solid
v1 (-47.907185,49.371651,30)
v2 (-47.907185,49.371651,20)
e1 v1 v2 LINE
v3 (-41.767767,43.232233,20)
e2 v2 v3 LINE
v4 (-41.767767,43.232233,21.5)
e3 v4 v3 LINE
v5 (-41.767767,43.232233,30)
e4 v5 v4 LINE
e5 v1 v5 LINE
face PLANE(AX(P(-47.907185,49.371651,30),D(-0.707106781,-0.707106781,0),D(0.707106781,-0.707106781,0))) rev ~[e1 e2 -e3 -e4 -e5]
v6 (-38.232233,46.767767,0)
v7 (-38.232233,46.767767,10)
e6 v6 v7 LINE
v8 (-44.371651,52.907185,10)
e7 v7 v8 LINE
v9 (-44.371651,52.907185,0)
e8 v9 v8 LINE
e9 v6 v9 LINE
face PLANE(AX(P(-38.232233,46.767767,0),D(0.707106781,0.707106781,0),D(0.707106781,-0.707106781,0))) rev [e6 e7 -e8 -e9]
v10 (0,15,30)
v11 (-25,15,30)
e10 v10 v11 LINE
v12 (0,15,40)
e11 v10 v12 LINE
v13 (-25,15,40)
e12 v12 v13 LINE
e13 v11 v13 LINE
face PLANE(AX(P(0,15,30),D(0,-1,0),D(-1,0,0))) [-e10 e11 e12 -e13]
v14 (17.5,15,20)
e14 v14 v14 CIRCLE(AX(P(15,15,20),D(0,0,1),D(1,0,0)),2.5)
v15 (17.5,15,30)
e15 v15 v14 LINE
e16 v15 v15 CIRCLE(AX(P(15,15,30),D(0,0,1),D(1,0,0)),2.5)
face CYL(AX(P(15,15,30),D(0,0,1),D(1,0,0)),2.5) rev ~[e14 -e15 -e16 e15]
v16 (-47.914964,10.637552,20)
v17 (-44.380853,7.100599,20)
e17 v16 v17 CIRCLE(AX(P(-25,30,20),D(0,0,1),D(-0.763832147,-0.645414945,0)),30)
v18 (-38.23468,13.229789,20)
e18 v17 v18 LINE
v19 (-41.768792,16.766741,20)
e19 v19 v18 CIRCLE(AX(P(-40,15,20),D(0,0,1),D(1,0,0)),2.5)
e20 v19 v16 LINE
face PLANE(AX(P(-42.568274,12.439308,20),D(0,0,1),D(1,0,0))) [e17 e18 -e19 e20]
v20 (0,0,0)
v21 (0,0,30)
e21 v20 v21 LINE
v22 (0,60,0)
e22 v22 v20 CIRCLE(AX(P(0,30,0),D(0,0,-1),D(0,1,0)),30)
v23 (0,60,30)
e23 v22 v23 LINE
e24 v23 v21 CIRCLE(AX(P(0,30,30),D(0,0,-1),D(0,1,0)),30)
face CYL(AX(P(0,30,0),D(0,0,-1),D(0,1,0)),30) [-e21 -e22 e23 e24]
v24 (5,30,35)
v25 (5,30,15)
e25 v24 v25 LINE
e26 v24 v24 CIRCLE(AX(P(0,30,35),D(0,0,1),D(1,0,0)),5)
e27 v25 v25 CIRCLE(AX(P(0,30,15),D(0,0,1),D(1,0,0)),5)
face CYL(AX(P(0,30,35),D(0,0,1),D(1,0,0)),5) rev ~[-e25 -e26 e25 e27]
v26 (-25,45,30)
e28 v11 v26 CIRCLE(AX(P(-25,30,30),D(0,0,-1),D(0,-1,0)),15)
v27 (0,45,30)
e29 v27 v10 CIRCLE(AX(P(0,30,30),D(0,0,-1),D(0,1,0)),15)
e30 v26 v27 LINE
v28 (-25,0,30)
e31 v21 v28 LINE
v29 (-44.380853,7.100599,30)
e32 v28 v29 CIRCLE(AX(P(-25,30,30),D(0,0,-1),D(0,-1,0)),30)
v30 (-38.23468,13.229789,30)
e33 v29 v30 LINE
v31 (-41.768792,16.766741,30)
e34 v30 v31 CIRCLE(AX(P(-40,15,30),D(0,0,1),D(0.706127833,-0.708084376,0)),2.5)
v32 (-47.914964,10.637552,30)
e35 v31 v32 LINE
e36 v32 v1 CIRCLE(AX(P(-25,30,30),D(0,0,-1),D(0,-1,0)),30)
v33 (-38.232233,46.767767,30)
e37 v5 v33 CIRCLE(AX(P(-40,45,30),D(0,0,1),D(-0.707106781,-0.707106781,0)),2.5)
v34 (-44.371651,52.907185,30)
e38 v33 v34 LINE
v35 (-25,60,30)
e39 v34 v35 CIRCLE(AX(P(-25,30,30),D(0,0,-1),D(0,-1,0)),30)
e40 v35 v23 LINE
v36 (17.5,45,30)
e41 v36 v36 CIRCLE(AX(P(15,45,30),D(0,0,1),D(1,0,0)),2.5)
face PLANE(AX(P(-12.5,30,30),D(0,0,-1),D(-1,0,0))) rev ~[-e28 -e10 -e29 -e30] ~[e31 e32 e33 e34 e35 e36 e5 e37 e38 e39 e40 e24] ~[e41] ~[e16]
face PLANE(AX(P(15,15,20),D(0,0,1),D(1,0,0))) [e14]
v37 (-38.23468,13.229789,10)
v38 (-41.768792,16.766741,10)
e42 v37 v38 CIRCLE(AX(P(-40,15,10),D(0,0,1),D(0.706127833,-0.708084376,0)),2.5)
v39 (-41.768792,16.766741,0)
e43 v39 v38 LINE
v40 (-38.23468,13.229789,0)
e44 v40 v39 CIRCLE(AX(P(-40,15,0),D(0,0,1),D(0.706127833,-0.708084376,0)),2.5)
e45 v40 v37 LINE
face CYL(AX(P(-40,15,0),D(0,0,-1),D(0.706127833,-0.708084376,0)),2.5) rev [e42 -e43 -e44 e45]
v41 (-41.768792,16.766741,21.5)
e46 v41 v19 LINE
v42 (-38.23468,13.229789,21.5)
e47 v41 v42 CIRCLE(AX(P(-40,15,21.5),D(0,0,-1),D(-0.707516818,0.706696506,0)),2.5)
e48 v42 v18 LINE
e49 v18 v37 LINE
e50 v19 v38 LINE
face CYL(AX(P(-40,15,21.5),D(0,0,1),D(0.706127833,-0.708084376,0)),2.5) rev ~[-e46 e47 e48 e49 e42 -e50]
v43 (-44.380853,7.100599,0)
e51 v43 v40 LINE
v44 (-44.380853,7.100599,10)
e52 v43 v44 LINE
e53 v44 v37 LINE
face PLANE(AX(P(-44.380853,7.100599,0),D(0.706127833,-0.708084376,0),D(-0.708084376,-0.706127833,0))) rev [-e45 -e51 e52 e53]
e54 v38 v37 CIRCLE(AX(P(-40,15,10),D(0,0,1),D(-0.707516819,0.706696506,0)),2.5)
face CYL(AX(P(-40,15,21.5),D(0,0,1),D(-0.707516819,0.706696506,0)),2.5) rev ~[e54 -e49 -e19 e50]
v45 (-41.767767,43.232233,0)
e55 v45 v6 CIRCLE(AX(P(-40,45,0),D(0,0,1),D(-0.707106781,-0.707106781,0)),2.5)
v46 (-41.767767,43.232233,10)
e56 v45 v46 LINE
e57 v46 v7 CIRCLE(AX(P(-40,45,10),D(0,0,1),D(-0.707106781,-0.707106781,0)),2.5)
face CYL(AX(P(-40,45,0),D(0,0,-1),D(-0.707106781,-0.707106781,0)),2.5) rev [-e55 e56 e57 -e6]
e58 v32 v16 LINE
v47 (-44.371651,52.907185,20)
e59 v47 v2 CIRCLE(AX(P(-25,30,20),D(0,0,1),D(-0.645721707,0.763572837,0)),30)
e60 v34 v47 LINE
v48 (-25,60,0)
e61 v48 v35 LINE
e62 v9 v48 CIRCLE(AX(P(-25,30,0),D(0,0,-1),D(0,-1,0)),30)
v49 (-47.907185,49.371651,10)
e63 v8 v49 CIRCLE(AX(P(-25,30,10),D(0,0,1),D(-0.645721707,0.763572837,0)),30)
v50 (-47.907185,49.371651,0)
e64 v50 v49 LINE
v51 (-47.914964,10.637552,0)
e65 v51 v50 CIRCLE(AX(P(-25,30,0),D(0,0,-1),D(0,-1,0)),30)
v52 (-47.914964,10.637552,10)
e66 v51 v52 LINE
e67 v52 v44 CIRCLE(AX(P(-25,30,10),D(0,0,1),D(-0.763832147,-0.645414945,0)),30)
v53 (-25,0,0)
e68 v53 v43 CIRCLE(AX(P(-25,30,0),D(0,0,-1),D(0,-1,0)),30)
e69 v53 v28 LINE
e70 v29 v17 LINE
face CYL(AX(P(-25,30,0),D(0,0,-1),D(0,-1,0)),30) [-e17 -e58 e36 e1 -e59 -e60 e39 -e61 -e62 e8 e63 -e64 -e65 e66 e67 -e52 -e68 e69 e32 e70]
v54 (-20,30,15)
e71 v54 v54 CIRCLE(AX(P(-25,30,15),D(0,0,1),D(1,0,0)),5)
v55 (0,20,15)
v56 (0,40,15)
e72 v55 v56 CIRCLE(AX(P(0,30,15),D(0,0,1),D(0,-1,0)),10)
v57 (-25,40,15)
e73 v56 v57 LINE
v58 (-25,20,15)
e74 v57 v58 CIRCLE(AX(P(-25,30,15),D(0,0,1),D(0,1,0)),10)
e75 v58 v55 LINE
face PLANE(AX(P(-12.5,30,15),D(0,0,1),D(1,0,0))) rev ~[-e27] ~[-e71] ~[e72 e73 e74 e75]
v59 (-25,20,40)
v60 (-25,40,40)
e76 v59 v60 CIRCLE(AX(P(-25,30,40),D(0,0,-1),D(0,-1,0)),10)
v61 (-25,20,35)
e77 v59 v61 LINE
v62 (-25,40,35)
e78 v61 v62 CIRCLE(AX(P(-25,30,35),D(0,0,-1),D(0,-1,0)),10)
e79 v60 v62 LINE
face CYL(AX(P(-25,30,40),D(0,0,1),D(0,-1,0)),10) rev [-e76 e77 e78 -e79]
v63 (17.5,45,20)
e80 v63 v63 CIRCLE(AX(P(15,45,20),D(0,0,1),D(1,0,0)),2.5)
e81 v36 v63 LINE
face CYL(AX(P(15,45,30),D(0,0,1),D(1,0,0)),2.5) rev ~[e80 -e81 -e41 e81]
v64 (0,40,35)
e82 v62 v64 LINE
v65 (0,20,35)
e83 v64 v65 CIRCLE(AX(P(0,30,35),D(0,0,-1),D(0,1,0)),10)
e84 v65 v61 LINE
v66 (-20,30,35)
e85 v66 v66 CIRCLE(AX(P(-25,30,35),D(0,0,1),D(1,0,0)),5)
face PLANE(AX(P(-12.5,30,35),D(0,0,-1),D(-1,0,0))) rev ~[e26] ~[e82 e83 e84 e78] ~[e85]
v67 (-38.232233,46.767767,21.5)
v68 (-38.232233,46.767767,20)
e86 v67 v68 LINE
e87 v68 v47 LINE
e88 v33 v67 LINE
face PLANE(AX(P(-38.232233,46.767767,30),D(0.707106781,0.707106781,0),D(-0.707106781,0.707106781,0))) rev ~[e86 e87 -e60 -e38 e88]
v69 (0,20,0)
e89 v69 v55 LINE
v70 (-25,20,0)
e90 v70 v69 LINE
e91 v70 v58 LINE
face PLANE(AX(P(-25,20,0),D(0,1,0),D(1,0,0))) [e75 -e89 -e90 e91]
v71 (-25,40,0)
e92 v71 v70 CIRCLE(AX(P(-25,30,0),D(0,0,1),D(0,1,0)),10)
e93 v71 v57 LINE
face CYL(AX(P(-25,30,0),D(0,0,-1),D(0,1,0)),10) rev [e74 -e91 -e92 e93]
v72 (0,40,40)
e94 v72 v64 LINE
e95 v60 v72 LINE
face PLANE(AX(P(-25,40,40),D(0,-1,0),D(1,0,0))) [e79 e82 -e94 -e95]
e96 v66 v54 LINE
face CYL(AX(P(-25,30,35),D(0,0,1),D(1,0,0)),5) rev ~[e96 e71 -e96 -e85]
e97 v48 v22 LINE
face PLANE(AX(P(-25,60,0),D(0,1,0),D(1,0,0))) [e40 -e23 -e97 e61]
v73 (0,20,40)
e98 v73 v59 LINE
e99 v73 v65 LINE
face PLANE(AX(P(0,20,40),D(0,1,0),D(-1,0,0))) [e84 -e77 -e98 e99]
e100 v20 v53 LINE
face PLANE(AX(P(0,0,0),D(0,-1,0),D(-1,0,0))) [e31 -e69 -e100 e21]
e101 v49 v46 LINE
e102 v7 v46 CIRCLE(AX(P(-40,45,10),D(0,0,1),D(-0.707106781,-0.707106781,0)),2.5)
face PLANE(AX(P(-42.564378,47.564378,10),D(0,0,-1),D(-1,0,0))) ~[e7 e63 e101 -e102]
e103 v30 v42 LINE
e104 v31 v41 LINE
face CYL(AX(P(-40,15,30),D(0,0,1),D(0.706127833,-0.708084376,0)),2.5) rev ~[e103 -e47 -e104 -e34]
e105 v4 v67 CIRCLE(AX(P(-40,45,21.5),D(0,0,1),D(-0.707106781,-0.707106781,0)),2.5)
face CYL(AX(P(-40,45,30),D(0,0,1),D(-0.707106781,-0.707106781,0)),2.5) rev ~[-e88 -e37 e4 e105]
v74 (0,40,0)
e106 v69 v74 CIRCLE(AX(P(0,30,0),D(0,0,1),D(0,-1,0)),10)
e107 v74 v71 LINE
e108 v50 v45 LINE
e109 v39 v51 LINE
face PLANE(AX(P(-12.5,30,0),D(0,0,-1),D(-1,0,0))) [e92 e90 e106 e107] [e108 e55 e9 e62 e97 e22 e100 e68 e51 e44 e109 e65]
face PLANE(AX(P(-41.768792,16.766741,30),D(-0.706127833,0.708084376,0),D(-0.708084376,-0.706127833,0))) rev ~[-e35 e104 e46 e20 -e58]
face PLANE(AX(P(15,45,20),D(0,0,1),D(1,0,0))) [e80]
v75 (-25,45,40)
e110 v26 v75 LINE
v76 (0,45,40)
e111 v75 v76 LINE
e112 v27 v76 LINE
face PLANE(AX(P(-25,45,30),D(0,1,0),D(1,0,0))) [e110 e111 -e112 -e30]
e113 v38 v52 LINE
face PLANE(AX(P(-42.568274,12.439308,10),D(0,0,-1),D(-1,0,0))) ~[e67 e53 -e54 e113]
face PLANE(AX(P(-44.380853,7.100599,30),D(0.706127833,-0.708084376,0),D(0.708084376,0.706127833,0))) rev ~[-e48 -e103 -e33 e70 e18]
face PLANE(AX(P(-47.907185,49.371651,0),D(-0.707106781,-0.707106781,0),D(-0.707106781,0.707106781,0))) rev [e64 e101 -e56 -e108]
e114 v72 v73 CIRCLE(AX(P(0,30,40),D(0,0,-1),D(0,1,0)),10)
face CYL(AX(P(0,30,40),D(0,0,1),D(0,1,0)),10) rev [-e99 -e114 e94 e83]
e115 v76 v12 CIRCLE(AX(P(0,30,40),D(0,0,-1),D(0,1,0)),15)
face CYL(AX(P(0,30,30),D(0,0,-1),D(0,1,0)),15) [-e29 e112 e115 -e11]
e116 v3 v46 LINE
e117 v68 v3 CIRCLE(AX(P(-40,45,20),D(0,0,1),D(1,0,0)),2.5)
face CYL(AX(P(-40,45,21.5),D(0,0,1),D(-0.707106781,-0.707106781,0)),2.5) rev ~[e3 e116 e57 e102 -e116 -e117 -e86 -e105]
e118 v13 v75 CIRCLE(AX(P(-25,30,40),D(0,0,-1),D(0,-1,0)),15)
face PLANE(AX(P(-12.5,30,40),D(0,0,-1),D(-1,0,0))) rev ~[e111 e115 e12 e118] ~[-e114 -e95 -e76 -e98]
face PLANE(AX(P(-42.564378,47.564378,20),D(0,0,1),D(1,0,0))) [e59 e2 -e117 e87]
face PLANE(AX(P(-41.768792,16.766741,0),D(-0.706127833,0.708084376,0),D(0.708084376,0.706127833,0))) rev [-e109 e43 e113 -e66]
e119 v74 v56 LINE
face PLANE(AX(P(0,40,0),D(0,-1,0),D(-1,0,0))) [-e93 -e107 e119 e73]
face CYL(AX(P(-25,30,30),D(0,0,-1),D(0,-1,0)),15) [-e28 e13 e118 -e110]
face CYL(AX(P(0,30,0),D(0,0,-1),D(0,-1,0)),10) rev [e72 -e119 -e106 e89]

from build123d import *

# Parameters (mm, degrees)
BOSS_EXTRUDE3_DEPTH = 30
BOSS_EXTRUDE4_DEPTH = 10
CUT_EXTRUDE1_DEPTH  = 5
SKETCH5_R           = 5
CUT_EXTRUDE2_DEPTH  = 122
SKETCH6_R           = 2.5
CUT_EXTRUDE4_DEPTH  = 10
CUT_EXTRUDE9_DEPTH  = 10
SKETCH9_R           = 2.5
BOSS_EXTRUDE5_DEPTH = 1.5
CUT_EXTRUDE10_DEPTH = 30
CUT_EXTRUDE11_DEPTH = 15


with BuildPart() as part:
    # Sketch1 → Boss-Extrude3 (new body)
    with BuildSketch(Plane.XY):
        with BuildLine():
            Line((0, 0), (-25, 0))
            ThreePointArc((-25, 0), (-55, 30), (-25, 60))
            Line((-25, 60), (0, 60))
            ThreePointArc((0, 60), (30, 30), (0, 0))
        make_face()
    extrude(amount=BOSS_EXTRUDE3_DEPTH)

    # Sketch3 → Boss-Extrude4 (add)
    with BuildSketch(Plane.XY.offset(30)):
        with BuildLine():
            Line((-25, 45), (0, 45))
            ThreePointArc((0, 45), (15, 30), (0, 15))
            Line((0, 15), (-25, 15))
            ThreePointArc((-25, 15), (-40, 30), (-25, 45))
        make_face()
    extrude(amount=BOSS_EXTRUDE4_DEPTH)

    # Sketch4 → Cut-Extrude1 (cut)
    with BuildSketch(Plane.XY.offset(40)):
        with BuildLine():
            Line((-25, 40), (0, 40))
            ThreePointArc((0, 40), (10, 30), (0, 20))
            Line((0, 20), (-25, 20))
            ThreePointArc((-25, 20), (-35, 30), (-25, 40))
        make_face()
    extrude(amount=-CUT_EXTRUDE1_DEPTH, mode=Mode.SUBTRACT)

    # Sketch5 → Cut-Extrude2 (cut)
    with BuildSketch(Plane.XY.offset(35)):
        with Locations((-25, 30)):
            Circle(SKETCH5_R)
        with Locations((0, 30)):
            Circle(SKETCH5_R)
    extrude(amount=-CUT_EXTRUDE2_DEPTH, mode=Mode.SUBTRACT)

    # Sketch6 → Cut-Extrude4 (cut)
    with BuildSketch(Plane.XY.offset(30)):
        with Locations((15, 45)):
            Circle(SKETCH6_R)
        with Locations((15, 15)):
            Circle(SKETCH6_R)
    extrude(amount=-CUT_EXTRUDE4_DEPTH, mode=Mode.SUBTRACT)

    # Sketch7 → Cut-Extrude9 (cut)
    with BuildSketch(Plane.XY.offset(30)):
        with BuildLine():
            Line((-47.90718511, 49.371651204), (-41.767766953, 43.232233047))
            ThreePointArc((-41.767766953, 43.232233047), (-38.232233047, 43.232233047), (-38.232233047, 46.767766953))
            Line((-38.232233047, 46.767766953), (-44.371651204, 52.90718511))
            ThreePointArc((-44.371651204, 52.90718511), (-46.213203436, 51.213203436), (-47.90718511, 49.371651204))
        make_face()
        with BuildLine():
            Line((-41.768792046, 16.766741265), (-47.914964434, 10.637551678))
            ThreePointArc((-47.914964434, 10.637551678), (-46.221723462, 8.795320015), (-44.380852806, 7.100599473))
            Line((-44.380852806, 7.100599473), (-38.234680419, 13.229789059))
            ThreePointArc((-38.234680419, 13.229789059), (-38.231523045, 16.767056665), (-41.768792046, 16.766741265))
        make_face()
    cut_extrude9 = extrude(amount=-CUT_EXTRUDE9_DEPTH, mode=Mode.SUBTRACT)

    # Sketch9 → Boss-Extrude5 (add)
    with BuildSketch(Plane.XY.offset(20)):
        with Locations((-40, 45)):
            Circle(SKETCH9_R)
        with Locations((-40, 15)):
            Circle(SKETCH9_R)
    extrude(amount=BOSS_EXTRUDE5_DEPTH)

    # Mirror1: Cut-Extrude9 across plane
    add(cut_extrude9.mirror(Plane.XY.offset(15)), mode=Mode.SUBTRACT)

    # Sketch10 → Cut-Extrude10 (cut)
    with BuildSketch(Plane.XY.offset(21.5)):
        with BuildLine():
            ThreePointArc((-38.232233047, 46.767766953), (-41.767766953, 46.767766953), (-41.767766953, 43.232233047))
            ThreePointArc((-41.767766953, 43.232233047), (-38.232233047, 43.232233047), (-38.232233047, 46.767766953))
        make_face()
        with BuildLine():
            ThreePointArc((-41.768792046, 16.766741265), (-41.768476955, 13.232943335), (-38.234680419, 13.229789059))
            ThreePointArc((-38.234680419, 13.229789059), (-38.231523045, 16.767056665), (-41.768792046, 16.766741265))
        make_face()
    extrude(amount=-CUT_EXTRUDE10_DEPTH, mode=Mode.SUBTRACT)

    # Sketch11 → Cut-Extrude11 (cut)
    with BuildSketch(Plane(origin=(0, 0, 0), x_dir=(-1, 0, 0), z_dir=(0, 0, -1))):
        with BuildLine():
            Line((0, 40), (25, 40))
            ThreePointArc((25, 40), (35, 30), (25, 20))
            Line((25, 20), (0, 20))
            ThreePointArc((0, 20), (-10, 30), (0, 40))
        make_face()
    extrude(amount=-CUT_EXTRUDE11_DEPTH, mode=Mode.SUBTRACT)


solid = part.part
